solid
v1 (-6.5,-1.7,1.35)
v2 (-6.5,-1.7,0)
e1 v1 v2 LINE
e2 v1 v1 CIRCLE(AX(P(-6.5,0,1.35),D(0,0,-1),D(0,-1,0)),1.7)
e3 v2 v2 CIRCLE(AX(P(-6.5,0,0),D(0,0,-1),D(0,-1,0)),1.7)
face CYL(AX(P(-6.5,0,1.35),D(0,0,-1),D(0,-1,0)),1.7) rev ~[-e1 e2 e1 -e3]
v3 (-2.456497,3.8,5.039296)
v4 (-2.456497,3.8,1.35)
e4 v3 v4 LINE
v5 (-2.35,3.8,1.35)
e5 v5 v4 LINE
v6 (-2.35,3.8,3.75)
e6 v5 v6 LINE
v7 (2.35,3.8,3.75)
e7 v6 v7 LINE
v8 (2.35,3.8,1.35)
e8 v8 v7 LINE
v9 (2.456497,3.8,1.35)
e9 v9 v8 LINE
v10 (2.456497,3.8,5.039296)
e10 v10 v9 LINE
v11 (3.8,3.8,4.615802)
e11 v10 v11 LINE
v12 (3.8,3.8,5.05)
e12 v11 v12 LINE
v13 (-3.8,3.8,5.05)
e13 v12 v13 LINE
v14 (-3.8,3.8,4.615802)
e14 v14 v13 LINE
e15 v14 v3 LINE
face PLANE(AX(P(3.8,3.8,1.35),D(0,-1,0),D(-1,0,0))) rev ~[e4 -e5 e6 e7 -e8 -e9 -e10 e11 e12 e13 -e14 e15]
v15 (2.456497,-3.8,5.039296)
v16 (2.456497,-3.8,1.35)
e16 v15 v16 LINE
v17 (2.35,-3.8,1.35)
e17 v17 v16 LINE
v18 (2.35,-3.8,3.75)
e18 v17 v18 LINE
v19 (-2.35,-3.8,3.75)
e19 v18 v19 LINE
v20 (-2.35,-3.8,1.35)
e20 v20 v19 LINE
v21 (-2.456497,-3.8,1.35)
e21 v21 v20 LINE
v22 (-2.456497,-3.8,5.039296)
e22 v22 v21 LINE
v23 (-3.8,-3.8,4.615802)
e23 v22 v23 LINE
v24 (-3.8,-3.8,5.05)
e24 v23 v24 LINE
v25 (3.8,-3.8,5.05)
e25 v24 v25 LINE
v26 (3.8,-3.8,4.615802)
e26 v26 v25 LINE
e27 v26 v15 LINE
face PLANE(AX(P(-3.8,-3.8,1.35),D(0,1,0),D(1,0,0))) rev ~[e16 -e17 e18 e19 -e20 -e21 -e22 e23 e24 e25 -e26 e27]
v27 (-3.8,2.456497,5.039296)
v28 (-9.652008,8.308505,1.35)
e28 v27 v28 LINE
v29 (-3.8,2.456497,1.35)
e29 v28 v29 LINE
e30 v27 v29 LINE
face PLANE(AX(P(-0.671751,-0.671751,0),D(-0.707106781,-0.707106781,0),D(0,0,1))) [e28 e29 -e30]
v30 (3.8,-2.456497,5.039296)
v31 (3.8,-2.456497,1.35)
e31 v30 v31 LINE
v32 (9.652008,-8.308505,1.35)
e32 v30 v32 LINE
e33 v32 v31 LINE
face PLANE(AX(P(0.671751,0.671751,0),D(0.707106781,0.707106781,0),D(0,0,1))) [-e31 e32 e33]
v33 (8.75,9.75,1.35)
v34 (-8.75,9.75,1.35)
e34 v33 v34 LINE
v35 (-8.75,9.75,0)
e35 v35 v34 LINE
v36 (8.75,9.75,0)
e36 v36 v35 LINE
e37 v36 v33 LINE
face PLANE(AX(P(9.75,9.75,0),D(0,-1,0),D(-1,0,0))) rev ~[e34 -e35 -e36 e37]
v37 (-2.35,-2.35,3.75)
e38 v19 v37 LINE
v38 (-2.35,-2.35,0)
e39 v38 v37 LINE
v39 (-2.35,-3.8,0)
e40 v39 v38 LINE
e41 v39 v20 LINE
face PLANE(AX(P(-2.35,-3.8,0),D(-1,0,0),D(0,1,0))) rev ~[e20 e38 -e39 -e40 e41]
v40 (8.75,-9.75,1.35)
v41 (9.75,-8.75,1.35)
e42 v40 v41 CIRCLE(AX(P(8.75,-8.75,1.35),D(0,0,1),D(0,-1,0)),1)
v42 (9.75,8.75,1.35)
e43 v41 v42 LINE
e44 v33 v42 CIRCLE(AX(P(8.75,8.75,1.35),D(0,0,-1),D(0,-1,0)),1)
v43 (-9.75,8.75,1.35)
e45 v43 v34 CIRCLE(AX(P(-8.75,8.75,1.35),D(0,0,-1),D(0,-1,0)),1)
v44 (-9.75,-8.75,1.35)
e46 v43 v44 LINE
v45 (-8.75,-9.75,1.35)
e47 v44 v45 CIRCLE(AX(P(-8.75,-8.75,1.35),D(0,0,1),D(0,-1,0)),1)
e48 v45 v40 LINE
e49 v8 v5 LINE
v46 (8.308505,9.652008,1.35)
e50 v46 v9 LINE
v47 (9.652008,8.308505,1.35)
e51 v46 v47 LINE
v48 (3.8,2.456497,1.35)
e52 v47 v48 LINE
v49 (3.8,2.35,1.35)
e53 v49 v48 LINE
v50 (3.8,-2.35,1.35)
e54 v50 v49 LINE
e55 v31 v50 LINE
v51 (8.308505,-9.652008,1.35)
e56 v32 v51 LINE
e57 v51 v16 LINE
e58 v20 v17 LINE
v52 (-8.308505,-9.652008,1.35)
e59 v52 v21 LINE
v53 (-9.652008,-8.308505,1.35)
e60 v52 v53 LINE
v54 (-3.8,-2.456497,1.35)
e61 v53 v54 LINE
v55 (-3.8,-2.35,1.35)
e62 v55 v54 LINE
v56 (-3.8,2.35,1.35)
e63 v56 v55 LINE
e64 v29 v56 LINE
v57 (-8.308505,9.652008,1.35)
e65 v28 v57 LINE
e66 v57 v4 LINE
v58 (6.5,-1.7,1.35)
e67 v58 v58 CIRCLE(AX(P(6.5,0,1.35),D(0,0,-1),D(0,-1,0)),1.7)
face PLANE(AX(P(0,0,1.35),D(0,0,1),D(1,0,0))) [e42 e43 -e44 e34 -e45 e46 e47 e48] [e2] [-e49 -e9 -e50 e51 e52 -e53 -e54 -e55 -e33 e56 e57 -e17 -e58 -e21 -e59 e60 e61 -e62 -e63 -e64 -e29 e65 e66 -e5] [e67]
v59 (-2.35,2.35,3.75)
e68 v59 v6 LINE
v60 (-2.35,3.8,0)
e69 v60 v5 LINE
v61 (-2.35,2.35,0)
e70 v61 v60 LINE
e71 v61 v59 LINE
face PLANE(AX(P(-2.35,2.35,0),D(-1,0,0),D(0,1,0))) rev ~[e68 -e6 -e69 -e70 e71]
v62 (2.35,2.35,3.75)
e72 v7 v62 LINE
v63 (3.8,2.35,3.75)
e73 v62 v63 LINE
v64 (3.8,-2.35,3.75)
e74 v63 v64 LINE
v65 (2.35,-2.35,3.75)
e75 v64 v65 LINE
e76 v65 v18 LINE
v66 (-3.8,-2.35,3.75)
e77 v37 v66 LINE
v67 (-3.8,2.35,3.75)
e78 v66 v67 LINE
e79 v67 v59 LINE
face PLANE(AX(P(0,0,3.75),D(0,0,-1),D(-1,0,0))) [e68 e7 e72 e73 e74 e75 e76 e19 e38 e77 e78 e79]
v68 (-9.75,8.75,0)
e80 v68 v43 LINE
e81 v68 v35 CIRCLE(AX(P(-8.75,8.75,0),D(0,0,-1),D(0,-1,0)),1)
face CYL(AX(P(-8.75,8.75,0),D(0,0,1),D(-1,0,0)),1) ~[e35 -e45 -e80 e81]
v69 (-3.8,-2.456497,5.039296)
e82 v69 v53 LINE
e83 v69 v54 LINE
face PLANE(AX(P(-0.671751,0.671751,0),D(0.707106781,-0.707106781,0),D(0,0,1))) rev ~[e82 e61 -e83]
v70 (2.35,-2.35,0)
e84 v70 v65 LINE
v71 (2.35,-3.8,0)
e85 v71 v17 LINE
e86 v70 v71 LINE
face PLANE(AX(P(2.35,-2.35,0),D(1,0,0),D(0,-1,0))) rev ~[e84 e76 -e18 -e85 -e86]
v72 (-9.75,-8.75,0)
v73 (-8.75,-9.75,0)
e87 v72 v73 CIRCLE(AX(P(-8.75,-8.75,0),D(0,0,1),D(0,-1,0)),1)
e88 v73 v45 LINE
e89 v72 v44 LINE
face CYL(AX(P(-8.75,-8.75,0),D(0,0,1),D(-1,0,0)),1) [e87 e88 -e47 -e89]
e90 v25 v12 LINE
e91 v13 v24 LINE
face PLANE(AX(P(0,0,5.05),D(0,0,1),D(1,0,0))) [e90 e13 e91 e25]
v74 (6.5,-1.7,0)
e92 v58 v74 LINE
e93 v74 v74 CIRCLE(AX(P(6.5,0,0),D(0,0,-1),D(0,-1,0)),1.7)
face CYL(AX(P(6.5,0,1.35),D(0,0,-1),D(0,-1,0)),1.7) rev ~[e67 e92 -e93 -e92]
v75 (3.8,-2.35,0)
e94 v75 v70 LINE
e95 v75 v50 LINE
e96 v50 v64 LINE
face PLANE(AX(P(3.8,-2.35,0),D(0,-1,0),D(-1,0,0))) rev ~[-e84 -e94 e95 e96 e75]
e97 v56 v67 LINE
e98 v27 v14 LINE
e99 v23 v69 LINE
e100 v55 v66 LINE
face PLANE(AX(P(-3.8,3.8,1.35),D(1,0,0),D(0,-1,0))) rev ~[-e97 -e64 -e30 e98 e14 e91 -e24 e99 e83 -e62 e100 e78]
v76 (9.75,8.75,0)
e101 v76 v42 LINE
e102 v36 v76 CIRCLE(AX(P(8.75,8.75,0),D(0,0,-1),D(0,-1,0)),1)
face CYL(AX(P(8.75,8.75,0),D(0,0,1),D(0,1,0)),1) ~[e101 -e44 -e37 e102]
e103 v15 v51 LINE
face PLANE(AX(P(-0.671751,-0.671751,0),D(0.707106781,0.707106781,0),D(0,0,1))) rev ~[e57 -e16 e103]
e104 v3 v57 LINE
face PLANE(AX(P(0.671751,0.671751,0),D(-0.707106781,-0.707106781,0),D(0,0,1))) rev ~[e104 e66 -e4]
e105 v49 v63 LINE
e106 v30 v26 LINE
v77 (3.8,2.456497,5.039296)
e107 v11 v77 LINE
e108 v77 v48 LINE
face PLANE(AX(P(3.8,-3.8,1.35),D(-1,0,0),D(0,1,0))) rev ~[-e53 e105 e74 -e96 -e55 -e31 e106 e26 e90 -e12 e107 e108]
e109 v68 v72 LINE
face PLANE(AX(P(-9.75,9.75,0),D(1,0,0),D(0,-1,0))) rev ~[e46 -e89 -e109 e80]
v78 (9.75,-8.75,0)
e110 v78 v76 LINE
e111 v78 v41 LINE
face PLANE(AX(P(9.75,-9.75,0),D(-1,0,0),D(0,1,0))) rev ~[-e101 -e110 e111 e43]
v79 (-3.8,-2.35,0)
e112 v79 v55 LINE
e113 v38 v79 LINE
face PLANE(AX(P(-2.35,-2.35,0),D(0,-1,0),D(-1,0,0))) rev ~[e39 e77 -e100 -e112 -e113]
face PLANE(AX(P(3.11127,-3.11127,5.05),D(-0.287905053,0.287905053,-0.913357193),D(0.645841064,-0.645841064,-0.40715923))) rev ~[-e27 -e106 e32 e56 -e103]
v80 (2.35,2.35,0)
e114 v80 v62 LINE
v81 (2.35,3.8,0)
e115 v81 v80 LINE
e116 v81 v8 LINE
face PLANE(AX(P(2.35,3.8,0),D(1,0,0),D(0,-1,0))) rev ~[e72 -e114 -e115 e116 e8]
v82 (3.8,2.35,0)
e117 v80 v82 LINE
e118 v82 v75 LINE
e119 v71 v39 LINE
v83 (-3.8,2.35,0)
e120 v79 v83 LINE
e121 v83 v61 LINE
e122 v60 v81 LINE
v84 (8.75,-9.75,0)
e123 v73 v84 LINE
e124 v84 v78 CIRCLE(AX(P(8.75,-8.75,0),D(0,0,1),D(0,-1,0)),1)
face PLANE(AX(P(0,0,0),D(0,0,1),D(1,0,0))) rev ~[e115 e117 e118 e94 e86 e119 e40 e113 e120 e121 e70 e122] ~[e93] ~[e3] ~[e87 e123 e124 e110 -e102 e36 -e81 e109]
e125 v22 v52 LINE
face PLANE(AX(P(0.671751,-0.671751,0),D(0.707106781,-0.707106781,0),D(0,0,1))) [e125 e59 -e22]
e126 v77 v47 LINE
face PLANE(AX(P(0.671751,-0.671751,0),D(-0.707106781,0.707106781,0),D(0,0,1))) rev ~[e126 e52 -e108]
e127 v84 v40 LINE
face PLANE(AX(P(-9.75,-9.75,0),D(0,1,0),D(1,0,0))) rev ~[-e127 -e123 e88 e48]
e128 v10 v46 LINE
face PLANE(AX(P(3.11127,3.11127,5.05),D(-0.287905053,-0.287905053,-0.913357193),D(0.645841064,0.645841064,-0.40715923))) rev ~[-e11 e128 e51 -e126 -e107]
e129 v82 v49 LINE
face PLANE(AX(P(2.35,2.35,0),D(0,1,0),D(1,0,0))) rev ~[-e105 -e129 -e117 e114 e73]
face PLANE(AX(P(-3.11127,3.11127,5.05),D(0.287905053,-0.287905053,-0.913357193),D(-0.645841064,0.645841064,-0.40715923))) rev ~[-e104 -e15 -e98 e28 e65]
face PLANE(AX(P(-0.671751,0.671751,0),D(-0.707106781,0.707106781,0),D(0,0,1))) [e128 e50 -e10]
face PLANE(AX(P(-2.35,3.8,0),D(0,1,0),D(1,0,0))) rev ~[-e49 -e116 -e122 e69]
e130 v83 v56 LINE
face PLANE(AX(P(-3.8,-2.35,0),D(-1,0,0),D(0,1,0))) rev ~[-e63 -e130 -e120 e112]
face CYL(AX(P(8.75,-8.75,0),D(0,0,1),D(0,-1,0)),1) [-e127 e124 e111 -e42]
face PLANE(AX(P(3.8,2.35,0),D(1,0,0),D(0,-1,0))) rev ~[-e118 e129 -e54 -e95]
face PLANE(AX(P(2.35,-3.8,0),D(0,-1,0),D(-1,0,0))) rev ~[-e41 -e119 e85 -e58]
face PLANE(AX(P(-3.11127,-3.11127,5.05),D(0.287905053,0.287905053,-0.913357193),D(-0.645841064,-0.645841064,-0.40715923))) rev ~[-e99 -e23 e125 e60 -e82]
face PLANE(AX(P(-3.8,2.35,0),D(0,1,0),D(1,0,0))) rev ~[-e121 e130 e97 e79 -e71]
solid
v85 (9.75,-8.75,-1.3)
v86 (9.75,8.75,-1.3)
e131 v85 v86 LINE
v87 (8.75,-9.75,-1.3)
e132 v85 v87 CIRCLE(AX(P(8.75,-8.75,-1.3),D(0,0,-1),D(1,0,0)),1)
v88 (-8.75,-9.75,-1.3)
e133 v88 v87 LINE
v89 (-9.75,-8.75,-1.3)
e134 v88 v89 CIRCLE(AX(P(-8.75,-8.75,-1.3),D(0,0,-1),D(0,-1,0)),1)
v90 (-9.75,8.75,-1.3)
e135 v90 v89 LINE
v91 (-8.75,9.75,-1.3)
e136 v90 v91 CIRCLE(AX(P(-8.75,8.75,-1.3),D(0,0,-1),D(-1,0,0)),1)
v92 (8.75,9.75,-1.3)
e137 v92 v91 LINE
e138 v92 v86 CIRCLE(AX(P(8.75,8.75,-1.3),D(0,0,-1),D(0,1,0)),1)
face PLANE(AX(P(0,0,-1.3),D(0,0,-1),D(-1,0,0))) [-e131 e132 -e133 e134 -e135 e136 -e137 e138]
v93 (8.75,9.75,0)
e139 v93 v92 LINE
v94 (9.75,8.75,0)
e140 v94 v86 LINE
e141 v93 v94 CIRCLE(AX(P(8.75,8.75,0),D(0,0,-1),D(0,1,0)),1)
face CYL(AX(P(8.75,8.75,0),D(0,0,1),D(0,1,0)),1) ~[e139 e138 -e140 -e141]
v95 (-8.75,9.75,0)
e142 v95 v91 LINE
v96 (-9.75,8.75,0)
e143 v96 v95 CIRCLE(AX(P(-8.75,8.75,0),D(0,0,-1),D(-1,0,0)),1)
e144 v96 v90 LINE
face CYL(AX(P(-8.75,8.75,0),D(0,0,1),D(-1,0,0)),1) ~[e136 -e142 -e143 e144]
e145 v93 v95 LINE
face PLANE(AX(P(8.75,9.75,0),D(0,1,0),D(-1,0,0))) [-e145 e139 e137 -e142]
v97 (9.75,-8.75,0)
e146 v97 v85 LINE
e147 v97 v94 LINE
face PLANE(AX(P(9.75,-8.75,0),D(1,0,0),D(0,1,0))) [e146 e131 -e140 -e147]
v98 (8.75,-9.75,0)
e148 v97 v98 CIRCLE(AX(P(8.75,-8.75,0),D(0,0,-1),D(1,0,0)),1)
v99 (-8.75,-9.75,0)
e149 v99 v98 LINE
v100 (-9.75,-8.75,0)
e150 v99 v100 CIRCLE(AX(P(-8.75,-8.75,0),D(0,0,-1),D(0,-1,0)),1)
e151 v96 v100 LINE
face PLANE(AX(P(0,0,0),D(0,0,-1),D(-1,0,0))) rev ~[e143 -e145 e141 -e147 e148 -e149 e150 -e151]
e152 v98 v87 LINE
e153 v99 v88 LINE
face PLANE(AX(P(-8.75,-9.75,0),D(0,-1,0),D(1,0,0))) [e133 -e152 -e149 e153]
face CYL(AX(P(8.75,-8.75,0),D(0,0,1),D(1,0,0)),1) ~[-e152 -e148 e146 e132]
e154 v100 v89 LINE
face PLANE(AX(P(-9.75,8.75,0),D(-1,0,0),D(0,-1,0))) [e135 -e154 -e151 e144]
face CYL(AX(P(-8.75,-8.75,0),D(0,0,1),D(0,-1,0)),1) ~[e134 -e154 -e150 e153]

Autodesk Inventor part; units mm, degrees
ref_plane "YZ Plane" through (0, 0, 0) normal (1, 0, 0) x (0, 1, 0)
sketch "Sketch1" plane through (0, 0, 0) normal (0, 0, 1) x (1, 0, 0)
  line L0 (-9.75, -9.75) -> (9.75, -9.75)
  line L1 (9.75, -9.75) -> (9.75, 9.75)
  line L2 (9.75, 9.75) -> (-9.75, 9.75)
  line L3 (-9.75, 9.75) -> (-9.75, -9.75)
  line L4 (-9.75, -9.75) -> (9.75, 9.75) construction
  line L5 (9.75, -9.75) -> (-9.75, 9.75) construction
  point P0 (0, 0)
  dimension "d0" = 19.5
  dimension "d1" = 19.5
extrude "Extrusion1" add sketch "Sketch1" along normal blind 1.35
sketch "Sketch2" plane through (0, 0, 1.35) normal (0, 0, 1) x (1, 0, 0)
  line L0 (-3.8, -3.8) -> (3.8, -3.8)
  line L1 (3.8, -3.8) -> (3.8, 3.8)
  line L2 (3.8, 3.8) -> (-3.8, 3.8)
  line L3 (-3.8, 3.8) -> (-3.8, -3.8)
  line L4 (-3.8, -3.8) -> (3.8, 3.8) construction
  line L5 (3.8, -3.8) -> (-3.8, 3.8) construction
  point P0 (0, 0)
  dimension "d4" = 7.6
  dimension "d5" = 7.6
extrude "Extrusion2" add sketch "Sketch2" along normal blind 3.7
fillet "Fillet1" radius 1 4 edges at (9.75, -9.75, 0.675) (9.75, 9.75, 0.675) (-9.75, -9.75, 0.675) (-9.75, 9.75, 0.675)
ref_plane "Work Plane1" through (0, 0, 0) normal (-0.7071, 0.7071, 0) x (0, 0, 1)
sketch "Sketch3" plane through (0, 0, 0) normal (-0.7071, 0.7071, 0) x (0, 0, 1)
  line L0 (5.05, 4.4) -> (1.35, 12.7)
  line L1 (1.35, 12.7) -> (1.35, 4.4)
  line L2 (1.35, 4.4) -> (5.05, 4.4)
  line L3 (1.35, 13.0815) -> (1.35, 0.7071) projected
  line L4 (5.05, 5.374) -> (5.05, 0) projected
  point P0 (0, 0)
  dimension "d10" = 4.4
  dimension "d11" = 12.7
extrude "Extrusion3" add sketch "Sketch3" along normal mid plane 1.9
pattern_circular "Circular Pattern1" count 4 over 360 about axis through (0, 0, -10) along (0, 0, 1) of "Extrusion3"
sketch "Sketch4" plane through (0, 0, 0) normal (0, 0, -1) x (-1, 0, 0)
  line L0 (2.35, 3.8) -> (-2.35, 3.8)
  line L1 (-2.35, 3.8) -> (-2.35, -3.8)
  line L2 (-2.35, -3.8) -> (2.35, -3.8)
  line L3 (2.35, -3.8) -> (2.35, 3.8)
  line L4 (2.35, 3.8) -> (-2.35, -3.8) construction
  line L5 (-2.35, 3.8) -> (2.35, -3.8) construction
  line L6 (3.8, 2.35) -> (-3.8, 2.35)
  line L7 (-3.8, 2.35) -> (-3.8, -2.35)
  line L8 (-3.8, -2.35) -> (3.8, -2.35)
  line L9 (3.8, -2.35) -> (3.8, 2.35)
  line L10 (3.8, 2.35) -> (-3.8, -2.35) construction
  line L11 (-3.8, 2.35) -> (3.8, -2.35) construction
  line L12 (3.8, -3.8) -> (-3.8, -3.8) projected
  line L13 (-3.8, -3.8) -> (-3.8, 3.8) projected
  point P0 (0, 0)
  dimension "d17" = 4.7
  dimension "d18" = 4.7
extrude "Extrusion4" cut sketch "Sketch4" against normal blind 3.75 contours L3 L6 L1 L0 | L6 L9 L8 L3 | L3 L8 L1 L6 | L1 L8 L7 L6 | L3 L2 L1 L8
sketch "Sketch5" plane through (0, 0, 1.35) normal (0, 0, 1) x (1, 0, 0)
  point P0 (0, 0)
  point P1 (-6.5, 0)
  point P2 (6.5, 0)
  dimension "d22" = 13
  dimension "d23" = 6.5
hole "Hole1" at (-6.5, 0, 1.35) at (6.5, 0, 1.35) direction (0, 0, -1) diameter 3.4 end through all
sketch "Sketch6" plane through (0, 0, 0) normal (0, 0, -1) x (-1, 0, 0)
  line L0 (-8.75, 9.75) -> (8.75, 9.75) projected
  line L1 (-9.75, -8.75) -> (-9.75, 8.75) projected
  line L2 (8.75, -9.75) -> (-8.75, -9.75) projected
  line L3 (9.75, 8.75) -> (9.75, -8.75) projected
  arc A0 (8.75, -9.75) -> (9.75, -8.75) centre (8.75, -8.75) ccw projected
  arc A1 (-9.75, -8.75) -> (-8.75, -9.75) centre (-8.75, -8.75) ccw projected
  arc A2 (-8.75, 9.75) -> (-9.75, 8.75) centre (-8.75, 8.75) ccw projected
  arc A3 (9.75, 8.75) -> (8.75, 9.75) centre (8.75, 8.75) ccw projected
extrude "Extrusion5" add sketch "Sketch6" along normal blind 1.3 separate body
ref_plane "Work Plane2" through (0, 0, 10.05) normal (0, 0, 1) x (1, 0, 0)
sketch "Sketch7" plane through (0, 0, 10.05) normal (0, 0, 1) x (1, 0, 0)
  point P0 (0, 0)
  point P1 (0, -2.5)
  point P2 (0, 2.5)
  dimension "d34" = 5
  dimension "d35" = 2.5
equation "\"d1\" = d0"
equation "\"d5\" = d4"
equation "\"d18\" = d17"
equation "\"d23\" = 0.5 * d22"
equation "\"d35\" = 0.5 * d34"
properties part number "Klebesockel_HC-101SBK"
